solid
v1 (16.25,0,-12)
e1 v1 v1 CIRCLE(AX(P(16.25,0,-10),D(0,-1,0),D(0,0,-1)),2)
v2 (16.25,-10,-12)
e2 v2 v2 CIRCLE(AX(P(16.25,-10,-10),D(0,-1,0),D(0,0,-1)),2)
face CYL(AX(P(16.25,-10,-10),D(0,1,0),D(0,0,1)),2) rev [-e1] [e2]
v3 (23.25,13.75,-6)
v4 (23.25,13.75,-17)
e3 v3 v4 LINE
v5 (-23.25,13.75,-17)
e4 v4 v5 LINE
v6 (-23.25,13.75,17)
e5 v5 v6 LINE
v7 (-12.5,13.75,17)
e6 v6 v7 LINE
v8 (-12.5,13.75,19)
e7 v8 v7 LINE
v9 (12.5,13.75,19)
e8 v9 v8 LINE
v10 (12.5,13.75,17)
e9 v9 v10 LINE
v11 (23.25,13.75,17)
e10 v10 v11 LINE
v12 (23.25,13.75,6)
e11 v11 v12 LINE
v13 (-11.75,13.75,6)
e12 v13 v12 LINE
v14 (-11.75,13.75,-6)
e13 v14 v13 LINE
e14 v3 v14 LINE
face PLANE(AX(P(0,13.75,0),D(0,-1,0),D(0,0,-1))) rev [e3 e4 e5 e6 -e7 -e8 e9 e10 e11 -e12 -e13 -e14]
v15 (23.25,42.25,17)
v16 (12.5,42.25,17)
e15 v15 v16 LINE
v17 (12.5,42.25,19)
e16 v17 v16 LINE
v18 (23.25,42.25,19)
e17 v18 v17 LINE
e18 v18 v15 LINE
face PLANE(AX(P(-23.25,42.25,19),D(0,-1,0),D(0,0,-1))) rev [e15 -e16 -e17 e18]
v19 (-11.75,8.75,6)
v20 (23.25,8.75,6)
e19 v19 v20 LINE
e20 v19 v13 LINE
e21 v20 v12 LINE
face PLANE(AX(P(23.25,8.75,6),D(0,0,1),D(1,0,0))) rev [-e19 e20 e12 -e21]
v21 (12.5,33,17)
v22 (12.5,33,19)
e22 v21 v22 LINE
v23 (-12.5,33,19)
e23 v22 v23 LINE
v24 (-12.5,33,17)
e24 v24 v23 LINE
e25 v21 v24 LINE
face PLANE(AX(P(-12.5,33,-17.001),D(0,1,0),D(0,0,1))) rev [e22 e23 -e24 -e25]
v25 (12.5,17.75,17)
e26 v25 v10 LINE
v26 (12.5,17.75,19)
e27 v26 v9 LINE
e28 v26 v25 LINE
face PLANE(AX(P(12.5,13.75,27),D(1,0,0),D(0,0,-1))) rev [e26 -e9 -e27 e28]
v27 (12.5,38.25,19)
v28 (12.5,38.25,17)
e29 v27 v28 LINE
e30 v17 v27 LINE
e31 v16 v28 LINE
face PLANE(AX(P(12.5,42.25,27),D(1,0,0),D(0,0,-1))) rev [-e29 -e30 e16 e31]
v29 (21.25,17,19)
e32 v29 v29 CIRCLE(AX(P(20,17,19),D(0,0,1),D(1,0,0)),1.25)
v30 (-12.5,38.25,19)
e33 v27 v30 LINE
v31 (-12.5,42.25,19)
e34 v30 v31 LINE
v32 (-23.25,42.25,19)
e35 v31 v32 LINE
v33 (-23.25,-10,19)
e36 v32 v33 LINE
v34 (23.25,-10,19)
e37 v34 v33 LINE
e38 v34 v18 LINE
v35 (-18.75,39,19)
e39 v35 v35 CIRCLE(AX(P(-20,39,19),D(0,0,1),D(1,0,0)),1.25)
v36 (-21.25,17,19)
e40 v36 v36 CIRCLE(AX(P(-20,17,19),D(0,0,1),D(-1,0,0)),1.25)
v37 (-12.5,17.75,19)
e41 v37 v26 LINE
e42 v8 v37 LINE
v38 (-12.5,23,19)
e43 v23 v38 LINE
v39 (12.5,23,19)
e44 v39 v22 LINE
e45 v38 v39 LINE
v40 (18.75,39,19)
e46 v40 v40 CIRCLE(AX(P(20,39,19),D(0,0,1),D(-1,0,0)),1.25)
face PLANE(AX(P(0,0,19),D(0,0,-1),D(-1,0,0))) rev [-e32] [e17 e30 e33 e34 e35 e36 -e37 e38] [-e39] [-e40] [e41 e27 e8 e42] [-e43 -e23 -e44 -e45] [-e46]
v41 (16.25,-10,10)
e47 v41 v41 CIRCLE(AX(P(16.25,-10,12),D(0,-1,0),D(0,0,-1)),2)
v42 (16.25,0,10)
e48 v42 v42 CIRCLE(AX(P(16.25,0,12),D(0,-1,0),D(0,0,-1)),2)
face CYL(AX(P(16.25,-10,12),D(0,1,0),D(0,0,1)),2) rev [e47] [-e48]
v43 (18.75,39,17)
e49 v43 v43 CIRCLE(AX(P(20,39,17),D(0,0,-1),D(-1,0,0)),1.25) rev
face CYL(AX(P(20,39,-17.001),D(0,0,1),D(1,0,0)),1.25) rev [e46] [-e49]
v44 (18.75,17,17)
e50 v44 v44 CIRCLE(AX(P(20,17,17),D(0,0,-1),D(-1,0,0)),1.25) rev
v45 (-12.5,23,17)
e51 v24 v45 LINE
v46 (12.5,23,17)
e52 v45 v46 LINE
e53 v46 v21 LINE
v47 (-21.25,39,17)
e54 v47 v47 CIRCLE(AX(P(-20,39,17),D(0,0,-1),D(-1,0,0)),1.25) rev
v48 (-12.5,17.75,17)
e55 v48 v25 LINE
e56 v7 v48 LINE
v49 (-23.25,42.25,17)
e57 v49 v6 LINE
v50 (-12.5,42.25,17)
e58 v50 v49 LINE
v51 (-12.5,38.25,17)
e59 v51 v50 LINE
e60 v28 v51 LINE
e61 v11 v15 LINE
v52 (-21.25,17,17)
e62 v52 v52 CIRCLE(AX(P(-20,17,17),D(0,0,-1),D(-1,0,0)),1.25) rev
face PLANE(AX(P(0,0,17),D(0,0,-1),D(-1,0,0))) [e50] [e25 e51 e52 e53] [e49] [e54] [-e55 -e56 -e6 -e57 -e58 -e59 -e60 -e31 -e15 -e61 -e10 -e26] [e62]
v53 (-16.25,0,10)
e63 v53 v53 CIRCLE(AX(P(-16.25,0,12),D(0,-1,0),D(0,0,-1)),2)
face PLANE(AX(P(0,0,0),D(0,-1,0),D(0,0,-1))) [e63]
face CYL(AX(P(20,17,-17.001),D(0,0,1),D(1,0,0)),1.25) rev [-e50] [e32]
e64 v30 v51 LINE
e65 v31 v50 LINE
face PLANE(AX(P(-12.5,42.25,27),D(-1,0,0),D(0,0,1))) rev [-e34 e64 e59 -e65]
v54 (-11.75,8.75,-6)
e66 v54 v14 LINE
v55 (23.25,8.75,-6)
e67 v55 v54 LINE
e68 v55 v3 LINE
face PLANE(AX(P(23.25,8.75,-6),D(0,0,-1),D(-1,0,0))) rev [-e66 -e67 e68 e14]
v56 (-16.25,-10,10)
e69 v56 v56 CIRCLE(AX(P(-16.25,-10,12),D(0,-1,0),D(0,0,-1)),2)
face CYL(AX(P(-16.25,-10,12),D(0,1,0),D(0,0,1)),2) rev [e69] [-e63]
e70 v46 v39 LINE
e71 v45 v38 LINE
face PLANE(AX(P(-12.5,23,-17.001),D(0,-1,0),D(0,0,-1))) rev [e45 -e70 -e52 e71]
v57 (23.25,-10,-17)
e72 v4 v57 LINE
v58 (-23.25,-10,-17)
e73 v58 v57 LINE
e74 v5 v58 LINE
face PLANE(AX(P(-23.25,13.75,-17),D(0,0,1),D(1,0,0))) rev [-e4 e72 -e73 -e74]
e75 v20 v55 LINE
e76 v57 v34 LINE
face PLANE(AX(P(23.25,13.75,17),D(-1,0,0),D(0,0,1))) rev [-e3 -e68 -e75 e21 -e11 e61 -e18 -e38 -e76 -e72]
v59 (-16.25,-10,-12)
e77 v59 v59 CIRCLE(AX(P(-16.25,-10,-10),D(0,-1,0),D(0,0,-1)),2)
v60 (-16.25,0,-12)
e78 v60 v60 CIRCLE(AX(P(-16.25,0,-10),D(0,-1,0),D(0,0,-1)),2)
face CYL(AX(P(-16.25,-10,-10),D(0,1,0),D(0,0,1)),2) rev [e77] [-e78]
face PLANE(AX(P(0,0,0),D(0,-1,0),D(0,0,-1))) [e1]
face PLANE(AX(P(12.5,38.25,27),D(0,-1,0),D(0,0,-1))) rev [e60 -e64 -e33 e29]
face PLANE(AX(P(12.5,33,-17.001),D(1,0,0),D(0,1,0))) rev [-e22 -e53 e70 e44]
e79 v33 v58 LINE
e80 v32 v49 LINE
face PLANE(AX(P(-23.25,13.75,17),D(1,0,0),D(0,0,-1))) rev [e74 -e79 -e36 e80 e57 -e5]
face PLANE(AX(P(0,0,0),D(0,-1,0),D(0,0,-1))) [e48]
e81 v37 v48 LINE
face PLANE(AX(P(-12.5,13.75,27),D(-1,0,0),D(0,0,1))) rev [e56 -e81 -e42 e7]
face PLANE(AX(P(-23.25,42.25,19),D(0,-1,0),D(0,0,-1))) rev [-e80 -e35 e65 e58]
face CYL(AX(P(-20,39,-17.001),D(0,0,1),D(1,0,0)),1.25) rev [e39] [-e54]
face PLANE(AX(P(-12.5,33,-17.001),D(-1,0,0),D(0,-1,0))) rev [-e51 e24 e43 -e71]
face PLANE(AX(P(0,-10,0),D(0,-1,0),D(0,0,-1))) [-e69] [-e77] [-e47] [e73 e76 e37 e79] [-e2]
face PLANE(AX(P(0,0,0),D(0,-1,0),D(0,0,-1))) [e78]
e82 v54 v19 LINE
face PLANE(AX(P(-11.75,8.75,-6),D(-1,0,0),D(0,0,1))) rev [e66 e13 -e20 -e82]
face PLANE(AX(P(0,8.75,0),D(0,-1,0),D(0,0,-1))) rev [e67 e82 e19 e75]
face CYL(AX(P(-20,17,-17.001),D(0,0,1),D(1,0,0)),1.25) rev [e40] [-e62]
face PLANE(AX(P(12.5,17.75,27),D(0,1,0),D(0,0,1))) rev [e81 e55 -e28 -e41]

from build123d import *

# Parameters (mm, degrees)
SKETCH1_W           = 46.5
SKETCH1_H           = 34
BOSS_EXTRUDE1_DEPTH = 13.75
SKETCH2_W           = 46.5
SKETCH2_H           = 42.25
BOSS_EXTRUDE2_DEPTH = 2
CUT_EXTRUDE1_REACH  = 62.18
SKETCH3_R           = 1.25
SKETCH3_W           = 25
SKETCH3_H           = 10
SKETCH4_W           = 35
SKETCH4_H           = 12
CUT_EXTRUDE2_DEPTH  = 5
SKETCH6_W           = 46.5
SKETCH6_H           = 36
SKETCH6_R           = 2
BOSS_EXTRUDE3_DEPTH = 10
SKETCH7_W           = 25
SKETCH7_H           = 4
CUT_EXTRUDE3_DEPTH  = 10


with BuildPart() as part:
    # Sketch1 → Boss-Extrude1 (new body)
    with BuildSketch(Plane(origin=(0, 0, 0), x_dir=(1, 0, 0), z_dir=(0, 1, 0))):
        Rectangle(SKETCH1_W, SKETCH1_H)
    extrude(amount=BOSS_EXTRUDE1_DEPTH)

    # Sketch2 → Boss-Extrude2 (add)
    with BuildSketch(Plane.XY.offset(17)):
        with Locations((0, 21.125)):
            Rectangle(SKETCH2_W, SKETCH2_H)
    extrude(amount=BOSS_EXTRUDE2_DEPTH)

    # Sketch3 → Cut-Extrude1 (cut, up to next)
    with BuildSketch(Plane.XY.offset(19), mode=Mode.PRIVATE) as cut_extrude1_sk1:
        with Locations((-20, 39)):
            Circle(SKETCH3_R)
    cut_extrude1_tool1 = extrude(cut_extrude1_sk1.sketch, amount=-CUT_EXTRUDE1_REACH, mode=Mode.PRIVATE) & part.part
    # Sketch3 → Cut-Extrude1 (cut, up to next)
    with BuildSketch(Plane.XY.offset(19), mode=Mode.PRIVATE) as cut_extrude1_sk2:
        with Locations(Location((20, 39, 0), (0, 0, 180))):
            Circle(SKETCH3_R)
    cut_extrude1_tool2 = extrude(cut_extrude1_sk2.sketch, amount=-CUT_EXTRUDE1_REACH, mode=Mode.PRIVATE) & part.part
    # Sketch3 → Cut-Extrude1 (cut, up to next)
    with BuildSketch(Plane.XY.offset(19), mode=Mode.PRIVATE) as cut_extrude1_sk3:
        with Locations((20, 17)):
            Circle(SKETCH3_R)
    cut_extrude1_tool3 = extrude(cut_extrude1_sk3.sketch, amount=-CUT_EXTRUDE1_REACH, mode=Mode.PRIVATE) & part.part
    # Sketch3 → Cut-Extrude1 (cut, up to next)
    with BuildSketch(Plane.XY.offset(19), mode=Mode.PRIVATE) as cut_extrude1_sk4:
        with Locations(Location((-20, 17, 0), (0, 0, 180))):
            Circle(SKETCH3_R)
    cut_extrude1_tool4 = extrude(cut_extrude1_sk4.sketch, amount=-CUT_EXTRUDE1_REACH, mode=Mode.PRIVATE) & part.part
    # Sketch3 → Cut-Extrude1 (cut, up to next)
    with BuildSketch(Plane.XY.offset(19), mode=Mode.PRIVATE) as cut_extrude1_sk5:
        with Locations((0, 28)):
            Rectangle(SKETCH3_W, SKETCH3_H)
    cut_extrude1_tool5 = extrude(cut_extrude1_sk5.sketch, amount=-CUT_EXTRUDE1_REACH, mode=Mode.PRIVATE) & part.part
    add(cut_extrude1_tool1.solids().sort_by_distance((-20, 39, 19))[0], mode=Mode.SUBTRACT)
    add(cut_extrude1_tool2.solids().sort_by_distance((20, 39, 19))[0], mode=Mode.SUBTRACT)
    add(cut_extrude1_tool3.solids().sort_by_distance((20, 17, 19))[0], mode=Mode.SUBTRACT)
    add(cut_extrude1_tool4.solids().sort_by_distance((-20, 17, 19))[0], mode=Mode.SUBTRACT)
    add(cut_extrude1_tool5.solids().sort_by_distance((0, 28, 19))[0], mode=Mode.SUBTRACT)

    # Sketch4 → Cut-Extrude2 (cut)
    with BuildSketch(Plane(origin=(0, 13.75, 0), x_dir=(1, 0, 0), z_dir=(0, 1, 0))):
        with Locations((5.75, 0)):
            Rectangle(SKETCH4_W, SKETCH4_H)
    extrude(amount=-CUT_EXTRUDE2_DEPTH, mode=Mode.SUBTRACT)

    # Sketch6 → Boss-Extrude3 (add)
    with BuildSketch(Plane.XZ):
        with Locations((0, 1)):
            Rectangle(SKETCH6_W, SKETCH6_H)
        with Locations(Location((16.25, -10, 0), (0, 0, 270))):
            Circle(SKETCH6_R, mode=Mode.SUBTRACT)
        with Locations(Location((-16.25, -10, 0), (0, 0, 270))):
            Circle(SKETCH6_R, mode=Mode.SUBTRACT)
        with Locations(Location((-16.25, 12, 0), (0, 0, 270))):
            Circle(SKETCH6_R, mode=Mode.SUBTRACT)
        with Locations(Location((16.25, 12, 0), (0, 0, 270))):
            Circle(SKETCH6_R, mode=Mode.SUBTRACT)
    extrude(amount=BOSS_EXTRUDE3_DEPTH)

    # Sketch7 → Cut-Extrude3 (cut)
    with BuildSketch(Plane(origin=(0, 0, 17), x_dir=(-1, 0, 0), z_dir=(0, 0, -1))):
        with Locations((0, 15.75)):
            Rectangle(SKETCH7_W, SKETCH7_H)
        with Locations((0, 40.25)):
            Rectangle(SKETCH7_W, SKETCH7_H)
    extrude(amount=-CUT_EXTRUDE3_DEPTH, mode=Mode.SUBTRACT)


solid = part.part
